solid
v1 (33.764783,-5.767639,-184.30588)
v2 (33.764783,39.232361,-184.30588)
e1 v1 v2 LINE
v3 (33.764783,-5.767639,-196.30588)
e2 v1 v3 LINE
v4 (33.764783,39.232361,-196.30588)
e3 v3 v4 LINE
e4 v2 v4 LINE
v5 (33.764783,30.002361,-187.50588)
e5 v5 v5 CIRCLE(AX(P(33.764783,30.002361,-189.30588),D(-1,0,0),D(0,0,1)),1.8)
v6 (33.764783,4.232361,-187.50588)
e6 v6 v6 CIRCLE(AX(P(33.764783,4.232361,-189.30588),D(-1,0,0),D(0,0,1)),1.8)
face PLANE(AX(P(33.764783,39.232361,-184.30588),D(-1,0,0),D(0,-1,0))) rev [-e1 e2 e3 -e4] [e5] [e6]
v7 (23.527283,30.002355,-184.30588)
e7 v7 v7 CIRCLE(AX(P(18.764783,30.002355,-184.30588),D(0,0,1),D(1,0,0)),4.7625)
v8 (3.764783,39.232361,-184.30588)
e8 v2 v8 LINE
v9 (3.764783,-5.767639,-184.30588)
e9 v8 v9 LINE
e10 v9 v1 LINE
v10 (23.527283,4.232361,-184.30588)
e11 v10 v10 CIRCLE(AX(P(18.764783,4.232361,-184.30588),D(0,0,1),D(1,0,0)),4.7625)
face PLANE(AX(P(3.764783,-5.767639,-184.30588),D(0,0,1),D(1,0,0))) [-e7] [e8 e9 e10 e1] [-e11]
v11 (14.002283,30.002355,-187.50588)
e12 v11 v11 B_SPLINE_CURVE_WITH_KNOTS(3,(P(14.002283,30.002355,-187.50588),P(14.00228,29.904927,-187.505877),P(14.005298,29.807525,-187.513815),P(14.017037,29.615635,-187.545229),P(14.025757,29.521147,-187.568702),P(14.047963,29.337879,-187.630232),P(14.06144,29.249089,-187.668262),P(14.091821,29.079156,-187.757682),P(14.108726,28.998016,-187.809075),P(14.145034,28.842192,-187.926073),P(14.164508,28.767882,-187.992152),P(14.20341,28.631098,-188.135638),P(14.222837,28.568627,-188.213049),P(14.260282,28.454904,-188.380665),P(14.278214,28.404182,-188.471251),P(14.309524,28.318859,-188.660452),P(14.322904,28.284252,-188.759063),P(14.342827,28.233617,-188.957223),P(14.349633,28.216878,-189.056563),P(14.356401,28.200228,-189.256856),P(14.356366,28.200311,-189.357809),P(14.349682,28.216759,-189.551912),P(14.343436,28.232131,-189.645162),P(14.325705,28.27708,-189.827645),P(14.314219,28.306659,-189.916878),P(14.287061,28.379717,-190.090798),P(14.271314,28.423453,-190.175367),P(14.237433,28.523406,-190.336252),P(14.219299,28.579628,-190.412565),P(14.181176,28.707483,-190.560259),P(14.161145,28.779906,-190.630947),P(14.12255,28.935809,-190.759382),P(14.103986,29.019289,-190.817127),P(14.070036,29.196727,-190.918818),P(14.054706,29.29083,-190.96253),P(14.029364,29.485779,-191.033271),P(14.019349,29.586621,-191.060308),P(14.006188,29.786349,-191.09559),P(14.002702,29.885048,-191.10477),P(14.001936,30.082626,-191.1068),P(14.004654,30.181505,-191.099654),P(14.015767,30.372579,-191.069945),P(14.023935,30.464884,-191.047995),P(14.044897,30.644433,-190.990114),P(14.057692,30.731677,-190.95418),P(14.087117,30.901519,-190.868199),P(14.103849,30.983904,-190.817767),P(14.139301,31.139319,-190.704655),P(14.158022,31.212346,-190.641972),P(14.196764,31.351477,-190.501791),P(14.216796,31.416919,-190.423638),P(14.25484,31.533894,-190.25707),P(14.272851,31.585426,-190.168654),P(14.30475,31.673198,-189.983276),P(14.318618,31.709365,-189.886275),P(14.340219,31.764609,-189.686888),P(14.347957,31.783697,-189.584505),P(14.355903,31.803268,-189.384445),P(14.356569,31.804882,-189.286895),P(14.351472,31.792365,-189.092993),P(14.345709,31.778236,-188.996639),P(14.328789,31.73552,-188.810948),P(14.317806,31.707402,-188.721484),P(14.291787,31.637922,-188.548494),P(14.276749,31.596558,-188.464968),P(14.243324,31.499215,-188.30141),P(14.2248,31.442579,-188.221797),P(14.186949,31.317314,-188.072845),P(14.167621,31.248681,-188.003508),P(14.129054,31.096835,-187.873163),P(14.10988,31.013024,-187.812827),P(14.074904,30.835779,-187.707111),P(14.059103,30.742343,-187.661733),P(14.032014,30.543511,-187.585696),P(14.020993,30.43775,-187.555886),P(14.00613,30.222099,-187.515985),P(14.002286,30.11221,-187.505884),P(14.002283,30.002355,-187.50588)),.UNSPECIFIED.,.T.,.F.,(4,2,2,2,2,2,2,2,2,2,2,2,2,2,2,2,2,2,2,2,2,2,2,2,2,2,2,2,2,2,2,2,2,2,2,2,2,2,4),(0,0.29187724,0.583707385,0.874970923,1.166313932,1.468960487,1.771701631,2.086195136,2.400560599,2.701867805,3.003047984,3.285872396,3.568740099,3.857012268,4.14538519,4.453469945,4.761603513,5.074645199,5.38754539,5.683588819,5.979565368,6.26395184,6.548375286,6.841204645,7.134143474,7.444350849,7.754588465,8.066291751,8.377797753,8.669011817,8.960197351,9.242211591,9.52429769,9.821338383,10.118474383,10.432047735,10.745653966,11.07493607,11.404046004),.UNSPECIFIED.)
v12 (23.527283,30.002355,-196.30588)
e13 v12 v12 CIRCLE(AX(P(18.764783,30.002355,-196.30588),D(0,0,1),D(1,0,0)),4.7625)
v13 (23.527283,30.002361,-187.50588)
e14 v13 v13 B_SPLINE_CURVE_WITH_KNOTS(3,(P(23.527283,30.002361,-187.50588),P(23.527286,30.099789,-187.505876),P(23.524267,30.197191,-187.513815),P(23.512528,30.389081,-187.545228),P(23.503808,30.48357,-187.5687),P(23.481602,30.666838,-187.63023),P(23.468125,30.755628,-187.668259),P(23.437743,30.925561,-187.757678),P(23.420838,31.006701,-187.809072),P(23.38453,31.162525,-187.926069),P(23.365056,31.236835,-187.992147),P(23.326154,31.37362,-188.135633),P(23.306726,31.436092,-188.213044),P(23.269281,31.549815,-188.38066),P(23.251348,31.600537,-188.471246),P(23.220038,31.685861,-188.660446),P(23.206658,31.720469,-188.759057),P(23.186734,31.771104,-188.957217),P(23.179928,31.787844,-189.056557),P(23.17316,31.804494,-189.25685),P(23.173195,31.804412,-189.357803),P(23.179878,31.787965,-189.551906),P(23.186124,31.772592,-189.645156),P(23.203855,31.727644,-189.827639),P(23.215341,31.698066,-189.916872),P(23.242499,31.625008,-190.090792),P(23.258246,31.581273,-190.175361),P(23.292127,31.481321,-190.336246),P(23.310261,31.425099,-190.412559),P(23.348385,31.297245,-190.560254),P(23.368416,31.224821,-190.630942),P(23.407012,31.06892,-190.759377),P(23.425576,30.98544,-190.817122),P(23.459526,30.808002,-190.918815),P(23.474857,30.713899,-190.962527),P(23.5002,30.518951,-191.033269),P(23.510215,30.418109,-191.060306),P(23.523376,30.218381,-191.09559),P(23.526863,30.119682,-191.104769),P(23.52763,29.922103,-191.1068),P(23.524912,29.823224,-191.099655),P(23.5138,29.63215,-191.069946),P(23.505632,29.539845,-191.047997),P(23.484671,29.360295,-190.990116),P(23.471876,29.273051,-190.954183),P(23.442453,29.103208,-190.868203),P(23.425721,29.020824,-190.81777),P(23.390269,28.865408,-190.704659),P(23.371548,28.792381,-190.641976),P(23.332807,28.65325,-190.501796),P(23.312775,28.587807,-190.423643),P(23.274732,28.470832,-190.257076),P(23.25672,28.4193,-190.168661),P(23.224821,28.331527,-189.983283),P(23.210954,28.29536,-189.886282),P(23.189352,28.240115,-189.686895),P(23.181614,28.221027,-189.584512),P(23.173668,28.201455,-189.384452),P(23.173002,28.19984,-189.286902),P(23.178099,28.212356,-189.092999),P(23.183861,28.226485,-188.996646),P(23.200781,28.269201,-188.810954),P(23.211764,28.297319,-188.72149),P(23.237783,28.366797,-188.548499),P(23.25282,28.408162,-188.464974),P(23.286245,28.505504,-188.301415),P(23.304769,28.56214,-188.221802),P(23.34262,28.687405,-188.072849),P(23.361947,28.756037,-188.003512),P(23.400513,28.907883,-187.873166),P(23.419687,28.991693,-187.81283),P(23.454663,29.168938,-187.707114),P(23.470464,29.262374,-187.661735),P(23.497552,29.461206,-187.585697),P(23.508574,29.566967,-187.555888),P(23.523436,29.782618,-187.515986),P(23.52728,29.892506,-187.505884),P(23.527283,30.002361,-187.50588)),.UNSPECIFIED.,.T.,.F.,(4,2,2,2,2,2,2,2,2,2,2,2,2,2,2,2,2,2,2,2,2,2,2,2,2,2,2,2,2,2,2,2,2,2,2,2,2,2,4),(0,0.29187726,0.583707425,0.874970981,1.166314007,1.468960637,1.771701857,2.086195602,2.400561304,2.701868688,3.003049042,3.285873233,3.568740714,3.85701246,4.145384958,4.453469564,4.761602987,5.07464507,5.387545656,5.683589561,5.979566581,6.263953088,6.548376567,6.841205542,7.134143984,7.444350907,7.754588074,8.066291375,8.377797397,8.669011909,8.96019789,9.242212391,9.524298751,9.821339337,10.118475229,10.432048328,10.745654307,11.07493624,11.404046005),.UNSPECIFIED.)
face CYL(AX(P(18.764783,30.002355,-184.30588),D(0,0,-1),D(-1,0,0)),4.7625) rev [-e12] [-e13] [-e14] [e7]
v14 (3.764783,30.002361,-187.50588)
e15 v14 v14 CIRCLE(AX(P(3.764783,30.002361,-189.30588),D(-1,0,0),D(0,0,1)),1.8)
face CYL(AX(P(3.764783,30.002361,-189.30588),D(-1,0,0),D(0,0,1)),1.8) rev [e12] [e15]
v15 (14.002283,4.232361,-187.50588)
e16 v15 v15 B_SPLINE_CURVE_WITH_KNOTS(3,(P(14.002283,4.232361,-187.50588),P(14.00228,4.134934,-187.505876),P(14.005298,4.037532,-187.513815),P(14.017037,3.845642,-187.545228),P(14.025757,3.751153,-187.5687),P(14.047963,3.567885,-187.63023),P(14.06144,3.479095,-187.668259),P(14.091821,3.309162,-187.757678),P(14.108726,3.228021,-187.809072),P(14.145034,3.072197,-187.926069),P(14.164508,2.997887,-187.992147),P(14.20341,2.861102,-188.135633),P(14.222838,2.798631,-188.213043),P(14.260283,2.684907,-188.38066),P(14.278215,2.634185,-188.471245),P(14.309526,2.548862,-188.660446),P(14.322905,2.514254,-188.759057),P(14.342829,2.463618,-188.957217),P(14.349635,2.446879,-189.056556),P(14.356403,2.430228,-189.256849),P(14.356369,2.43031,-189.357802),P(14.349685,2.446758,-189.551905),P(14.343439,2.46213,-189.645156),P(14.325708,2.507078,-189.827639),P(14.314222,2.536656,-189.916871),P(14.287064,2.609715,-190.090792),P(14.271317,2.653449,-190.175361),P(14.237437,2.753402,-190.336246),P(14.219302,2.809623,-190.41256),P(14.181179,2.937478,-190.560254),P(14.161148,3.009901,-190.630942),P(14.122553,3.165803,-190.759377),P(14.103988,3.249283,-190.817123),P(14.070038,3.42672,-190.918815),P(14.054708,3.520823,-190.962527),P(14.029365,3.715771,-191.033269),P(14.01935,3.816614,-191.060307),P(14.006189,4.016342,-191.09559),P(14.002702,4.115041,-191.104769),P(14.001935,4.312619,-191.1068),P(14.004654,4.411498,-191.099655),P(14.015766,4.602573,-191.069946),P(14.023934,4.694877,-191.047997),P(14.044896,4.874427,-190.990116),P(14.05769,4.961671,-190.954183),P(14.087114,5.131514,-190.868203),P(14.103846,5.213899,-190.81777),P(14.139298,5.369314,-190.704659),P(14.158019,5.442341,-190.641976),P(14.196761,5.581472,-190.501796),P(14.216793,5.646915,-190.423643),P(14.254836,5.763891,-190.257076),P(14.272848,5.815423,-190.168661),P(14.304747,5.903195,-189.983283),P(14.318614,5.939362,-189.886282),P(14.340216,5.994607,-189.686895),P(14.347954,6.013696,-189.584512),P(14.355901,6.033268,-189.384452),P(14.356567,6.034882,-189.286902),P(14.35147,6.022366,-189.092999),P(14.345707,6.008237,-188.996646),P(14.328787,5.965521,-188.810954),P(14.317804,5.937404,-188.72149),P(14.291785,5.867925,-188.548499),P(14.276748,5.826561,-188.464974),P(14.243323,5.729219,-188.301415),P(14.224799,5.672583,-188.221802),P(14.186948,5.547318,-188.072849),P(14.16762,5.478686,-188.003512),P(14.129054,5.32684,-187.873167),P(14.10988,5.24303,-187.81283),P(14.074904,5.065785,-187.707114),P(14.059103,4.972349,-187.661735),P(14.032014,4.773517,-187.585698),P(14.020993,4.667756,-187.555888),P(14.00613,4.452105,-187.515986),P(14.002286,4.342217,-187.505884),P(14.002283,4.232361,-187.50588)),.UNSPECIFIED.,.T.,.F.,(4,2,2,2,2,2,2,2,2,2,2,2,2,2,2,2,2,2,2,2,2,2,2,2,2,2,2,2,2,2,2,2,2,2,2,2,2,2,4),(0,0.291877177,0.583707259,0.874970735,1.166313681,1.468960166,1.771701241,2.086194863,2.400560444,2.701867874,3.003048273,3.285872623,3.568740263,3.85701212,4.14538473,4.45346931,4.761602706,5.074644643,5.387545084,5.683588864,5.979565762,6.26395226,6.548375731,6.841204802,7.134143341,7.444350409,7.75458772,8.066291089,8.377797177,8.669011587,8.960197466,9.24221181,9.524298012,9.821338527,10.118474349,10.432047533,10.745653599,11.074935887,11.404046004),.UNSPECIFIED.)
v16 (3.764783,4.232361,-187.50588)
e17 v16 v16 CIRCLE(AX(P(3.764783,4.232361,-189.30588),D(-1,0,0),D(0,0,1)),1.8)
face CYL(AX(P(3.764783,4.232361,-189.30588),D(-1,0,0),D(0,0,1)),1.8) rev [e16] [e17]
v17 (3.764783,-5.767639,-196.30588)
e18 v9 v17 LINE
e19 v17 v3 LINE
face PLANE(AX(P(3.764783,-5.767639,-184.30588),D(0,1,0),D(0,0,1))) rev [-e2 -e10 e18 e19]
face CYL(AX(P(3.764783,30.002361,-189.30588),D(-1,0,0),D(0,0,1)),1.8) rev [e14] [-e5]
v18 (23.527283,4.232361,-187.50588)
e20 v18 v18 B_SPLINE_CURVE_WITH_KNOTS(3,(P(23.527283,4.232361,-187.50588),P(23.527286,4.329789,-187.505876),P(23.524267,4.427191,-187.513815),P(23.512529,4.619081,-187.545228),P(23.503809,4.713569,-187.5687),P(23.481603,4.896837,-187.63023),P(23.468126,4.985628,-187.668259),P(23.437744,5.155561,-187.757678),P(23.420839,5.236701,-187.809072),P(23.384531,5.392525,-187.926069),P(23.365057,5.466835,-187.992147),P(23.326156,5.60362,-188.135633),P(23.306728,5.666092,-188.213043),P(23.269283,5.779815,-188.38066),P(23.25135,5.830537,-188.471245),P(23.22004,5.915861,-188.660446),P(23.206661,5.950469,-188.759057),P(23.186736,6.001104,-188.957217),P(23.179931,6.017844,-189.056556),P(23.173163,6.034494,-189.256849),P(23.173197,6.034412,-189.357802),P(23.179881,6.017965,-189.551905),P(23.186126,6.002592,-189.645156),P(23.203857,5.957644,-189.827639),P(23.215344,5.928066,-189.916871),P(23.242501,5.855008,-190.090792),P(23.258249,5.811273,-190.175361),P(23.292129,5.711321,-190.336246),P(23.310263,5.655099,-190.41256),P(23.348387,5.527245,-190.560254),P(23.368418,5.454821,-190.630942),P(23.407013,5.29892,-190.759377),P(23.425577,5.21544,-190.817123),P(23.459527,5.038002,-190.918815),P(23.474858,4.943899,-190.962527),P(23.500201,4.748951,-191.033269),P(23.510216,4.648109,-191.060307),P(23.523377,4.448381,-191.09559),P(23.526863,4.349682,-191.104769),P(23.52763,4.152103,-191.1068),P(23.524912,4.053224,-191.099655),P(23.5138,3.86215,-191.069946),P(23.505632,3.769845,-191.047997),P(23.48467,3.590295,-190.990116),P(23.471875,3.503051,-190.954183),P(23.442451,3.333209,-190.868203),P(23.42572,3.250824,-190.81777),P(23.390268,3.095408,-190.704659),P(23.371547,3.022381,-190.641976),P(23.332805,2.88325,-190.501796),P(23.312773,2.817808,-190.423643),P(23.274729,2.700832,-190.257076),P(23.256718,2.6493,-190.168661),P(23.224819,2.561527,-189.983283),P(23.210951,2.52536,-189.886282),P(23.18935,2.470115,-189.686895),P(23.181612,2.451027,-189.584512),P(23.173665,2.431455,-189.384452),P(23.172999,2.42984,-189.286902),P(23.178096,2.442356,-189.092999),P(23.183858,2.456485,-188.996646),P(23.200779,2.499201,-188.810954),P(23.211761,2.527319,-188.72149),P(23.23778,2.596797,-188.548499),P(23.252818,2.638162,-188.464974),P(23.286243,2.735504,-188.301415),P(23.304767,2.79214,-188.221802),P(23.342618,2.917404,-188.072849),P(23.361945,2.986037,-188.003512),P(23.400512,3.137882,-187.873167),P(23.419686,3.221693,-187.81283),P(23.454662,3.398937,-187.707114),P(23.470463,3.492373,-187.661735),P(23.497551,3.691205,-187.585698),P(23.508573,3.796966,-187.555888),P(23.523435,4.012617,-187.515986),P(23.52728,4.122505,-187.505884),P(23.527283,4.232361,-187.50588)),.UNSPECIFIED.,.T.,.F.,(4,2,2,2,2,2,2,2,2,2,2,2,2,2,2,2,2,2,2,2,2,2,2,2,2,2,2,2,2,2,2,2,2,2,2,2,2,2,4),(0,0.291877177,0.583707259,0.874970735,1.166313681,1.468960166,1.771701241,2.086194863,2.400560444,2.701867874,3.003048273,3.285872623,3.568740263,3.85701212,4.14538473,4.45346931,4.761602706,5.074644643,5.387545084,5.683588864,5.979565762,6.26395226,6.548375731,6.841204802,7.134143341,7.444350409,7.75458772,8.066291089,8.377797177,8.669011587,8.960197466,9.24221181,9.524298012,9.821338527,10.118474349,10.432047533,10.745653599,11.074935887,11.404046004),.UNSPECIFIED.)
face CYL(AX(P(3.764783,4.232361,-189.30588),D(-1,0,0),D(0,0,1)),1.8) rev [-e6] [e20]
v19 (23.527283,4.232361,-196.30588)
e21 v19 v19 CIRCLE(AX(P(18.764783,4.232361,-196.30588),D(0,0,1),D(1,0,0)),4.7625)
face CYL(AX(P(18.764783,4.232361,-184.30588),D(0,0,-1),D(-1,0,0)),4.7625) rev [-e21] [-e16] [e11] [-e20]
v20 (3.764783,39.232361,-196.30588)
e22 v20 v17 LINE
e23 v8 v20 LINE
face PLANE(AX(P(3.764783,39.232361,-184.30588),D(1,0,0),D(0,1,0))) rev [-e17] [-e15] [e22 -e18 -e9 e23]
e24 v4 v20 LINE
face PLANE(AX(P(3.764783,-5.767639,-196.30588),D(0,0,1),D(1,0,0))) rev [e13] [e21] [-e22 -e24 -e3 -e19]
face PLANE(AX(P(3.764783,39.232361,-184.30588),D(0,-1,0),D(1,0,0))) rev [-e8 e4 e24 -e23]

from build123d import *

# Parameters (mm, degrees)
ESBO_O1_W                   = 30
ESBO_O1_H                   = 45
ESBO_O1_R                   = 4.7625
RESSALTO_EXTRUS_O1_DEPTH    = 12
FURO_COM_FOLGA_DE_M31_D     = 3.6
FURO_COM_FOLGA_DE_M31_DEPTH = 30
FURO_COM_FOLGA_DE_M31_TIP   = 1.081549114


with BuildPart() as part:
    # Esboço1 → Ressalto-extrusão1 (new body)
    with BuildSketch(Plane.XY.offset(-196.305879913)):
        with Locations((18.764782864, 16.732361179)):
            Rectangle(ESBO_O1_W, ESBO_O1_H)
        with Locations((18.764782864, 30.002354844)):
            Circle(ESBO_O1_R, mode=Mode.SUBTRACT)
        with Locations((18.764782864, 4.232361179)):
            Circle(ESBO_O1_R, mode=Mode.SUBTRACT)
    extrude(amount=RESSALTO_EXTRUS_O1_DEPTH)

    # Furo com folga de M31
    with Locations(Plane.ZY.offset(-3.764782864)):
        with Locations((-189.305879913, 30.002361179), (-189.305879913, 4.232361179)):
            Hole(FURO_COM_FOLGA_DE_M31_D / 2, depth=FURO_COM_FOLGA_DE_M31_DEPTH)
            with Locations((0, 0, -(FURO_COM_FOLGA_DE_M31_DEPTH + FURO_COM_FOLGA_DE_M31_TIP / 2))):  # 118° drill point
                Cone(0, FURO_COM_FOLGA_DE_M31_D / 2, FURO_COM_FOLGA_DE_M31_TIP, mode=Mode.SUBTRACT)


solid = part.part
